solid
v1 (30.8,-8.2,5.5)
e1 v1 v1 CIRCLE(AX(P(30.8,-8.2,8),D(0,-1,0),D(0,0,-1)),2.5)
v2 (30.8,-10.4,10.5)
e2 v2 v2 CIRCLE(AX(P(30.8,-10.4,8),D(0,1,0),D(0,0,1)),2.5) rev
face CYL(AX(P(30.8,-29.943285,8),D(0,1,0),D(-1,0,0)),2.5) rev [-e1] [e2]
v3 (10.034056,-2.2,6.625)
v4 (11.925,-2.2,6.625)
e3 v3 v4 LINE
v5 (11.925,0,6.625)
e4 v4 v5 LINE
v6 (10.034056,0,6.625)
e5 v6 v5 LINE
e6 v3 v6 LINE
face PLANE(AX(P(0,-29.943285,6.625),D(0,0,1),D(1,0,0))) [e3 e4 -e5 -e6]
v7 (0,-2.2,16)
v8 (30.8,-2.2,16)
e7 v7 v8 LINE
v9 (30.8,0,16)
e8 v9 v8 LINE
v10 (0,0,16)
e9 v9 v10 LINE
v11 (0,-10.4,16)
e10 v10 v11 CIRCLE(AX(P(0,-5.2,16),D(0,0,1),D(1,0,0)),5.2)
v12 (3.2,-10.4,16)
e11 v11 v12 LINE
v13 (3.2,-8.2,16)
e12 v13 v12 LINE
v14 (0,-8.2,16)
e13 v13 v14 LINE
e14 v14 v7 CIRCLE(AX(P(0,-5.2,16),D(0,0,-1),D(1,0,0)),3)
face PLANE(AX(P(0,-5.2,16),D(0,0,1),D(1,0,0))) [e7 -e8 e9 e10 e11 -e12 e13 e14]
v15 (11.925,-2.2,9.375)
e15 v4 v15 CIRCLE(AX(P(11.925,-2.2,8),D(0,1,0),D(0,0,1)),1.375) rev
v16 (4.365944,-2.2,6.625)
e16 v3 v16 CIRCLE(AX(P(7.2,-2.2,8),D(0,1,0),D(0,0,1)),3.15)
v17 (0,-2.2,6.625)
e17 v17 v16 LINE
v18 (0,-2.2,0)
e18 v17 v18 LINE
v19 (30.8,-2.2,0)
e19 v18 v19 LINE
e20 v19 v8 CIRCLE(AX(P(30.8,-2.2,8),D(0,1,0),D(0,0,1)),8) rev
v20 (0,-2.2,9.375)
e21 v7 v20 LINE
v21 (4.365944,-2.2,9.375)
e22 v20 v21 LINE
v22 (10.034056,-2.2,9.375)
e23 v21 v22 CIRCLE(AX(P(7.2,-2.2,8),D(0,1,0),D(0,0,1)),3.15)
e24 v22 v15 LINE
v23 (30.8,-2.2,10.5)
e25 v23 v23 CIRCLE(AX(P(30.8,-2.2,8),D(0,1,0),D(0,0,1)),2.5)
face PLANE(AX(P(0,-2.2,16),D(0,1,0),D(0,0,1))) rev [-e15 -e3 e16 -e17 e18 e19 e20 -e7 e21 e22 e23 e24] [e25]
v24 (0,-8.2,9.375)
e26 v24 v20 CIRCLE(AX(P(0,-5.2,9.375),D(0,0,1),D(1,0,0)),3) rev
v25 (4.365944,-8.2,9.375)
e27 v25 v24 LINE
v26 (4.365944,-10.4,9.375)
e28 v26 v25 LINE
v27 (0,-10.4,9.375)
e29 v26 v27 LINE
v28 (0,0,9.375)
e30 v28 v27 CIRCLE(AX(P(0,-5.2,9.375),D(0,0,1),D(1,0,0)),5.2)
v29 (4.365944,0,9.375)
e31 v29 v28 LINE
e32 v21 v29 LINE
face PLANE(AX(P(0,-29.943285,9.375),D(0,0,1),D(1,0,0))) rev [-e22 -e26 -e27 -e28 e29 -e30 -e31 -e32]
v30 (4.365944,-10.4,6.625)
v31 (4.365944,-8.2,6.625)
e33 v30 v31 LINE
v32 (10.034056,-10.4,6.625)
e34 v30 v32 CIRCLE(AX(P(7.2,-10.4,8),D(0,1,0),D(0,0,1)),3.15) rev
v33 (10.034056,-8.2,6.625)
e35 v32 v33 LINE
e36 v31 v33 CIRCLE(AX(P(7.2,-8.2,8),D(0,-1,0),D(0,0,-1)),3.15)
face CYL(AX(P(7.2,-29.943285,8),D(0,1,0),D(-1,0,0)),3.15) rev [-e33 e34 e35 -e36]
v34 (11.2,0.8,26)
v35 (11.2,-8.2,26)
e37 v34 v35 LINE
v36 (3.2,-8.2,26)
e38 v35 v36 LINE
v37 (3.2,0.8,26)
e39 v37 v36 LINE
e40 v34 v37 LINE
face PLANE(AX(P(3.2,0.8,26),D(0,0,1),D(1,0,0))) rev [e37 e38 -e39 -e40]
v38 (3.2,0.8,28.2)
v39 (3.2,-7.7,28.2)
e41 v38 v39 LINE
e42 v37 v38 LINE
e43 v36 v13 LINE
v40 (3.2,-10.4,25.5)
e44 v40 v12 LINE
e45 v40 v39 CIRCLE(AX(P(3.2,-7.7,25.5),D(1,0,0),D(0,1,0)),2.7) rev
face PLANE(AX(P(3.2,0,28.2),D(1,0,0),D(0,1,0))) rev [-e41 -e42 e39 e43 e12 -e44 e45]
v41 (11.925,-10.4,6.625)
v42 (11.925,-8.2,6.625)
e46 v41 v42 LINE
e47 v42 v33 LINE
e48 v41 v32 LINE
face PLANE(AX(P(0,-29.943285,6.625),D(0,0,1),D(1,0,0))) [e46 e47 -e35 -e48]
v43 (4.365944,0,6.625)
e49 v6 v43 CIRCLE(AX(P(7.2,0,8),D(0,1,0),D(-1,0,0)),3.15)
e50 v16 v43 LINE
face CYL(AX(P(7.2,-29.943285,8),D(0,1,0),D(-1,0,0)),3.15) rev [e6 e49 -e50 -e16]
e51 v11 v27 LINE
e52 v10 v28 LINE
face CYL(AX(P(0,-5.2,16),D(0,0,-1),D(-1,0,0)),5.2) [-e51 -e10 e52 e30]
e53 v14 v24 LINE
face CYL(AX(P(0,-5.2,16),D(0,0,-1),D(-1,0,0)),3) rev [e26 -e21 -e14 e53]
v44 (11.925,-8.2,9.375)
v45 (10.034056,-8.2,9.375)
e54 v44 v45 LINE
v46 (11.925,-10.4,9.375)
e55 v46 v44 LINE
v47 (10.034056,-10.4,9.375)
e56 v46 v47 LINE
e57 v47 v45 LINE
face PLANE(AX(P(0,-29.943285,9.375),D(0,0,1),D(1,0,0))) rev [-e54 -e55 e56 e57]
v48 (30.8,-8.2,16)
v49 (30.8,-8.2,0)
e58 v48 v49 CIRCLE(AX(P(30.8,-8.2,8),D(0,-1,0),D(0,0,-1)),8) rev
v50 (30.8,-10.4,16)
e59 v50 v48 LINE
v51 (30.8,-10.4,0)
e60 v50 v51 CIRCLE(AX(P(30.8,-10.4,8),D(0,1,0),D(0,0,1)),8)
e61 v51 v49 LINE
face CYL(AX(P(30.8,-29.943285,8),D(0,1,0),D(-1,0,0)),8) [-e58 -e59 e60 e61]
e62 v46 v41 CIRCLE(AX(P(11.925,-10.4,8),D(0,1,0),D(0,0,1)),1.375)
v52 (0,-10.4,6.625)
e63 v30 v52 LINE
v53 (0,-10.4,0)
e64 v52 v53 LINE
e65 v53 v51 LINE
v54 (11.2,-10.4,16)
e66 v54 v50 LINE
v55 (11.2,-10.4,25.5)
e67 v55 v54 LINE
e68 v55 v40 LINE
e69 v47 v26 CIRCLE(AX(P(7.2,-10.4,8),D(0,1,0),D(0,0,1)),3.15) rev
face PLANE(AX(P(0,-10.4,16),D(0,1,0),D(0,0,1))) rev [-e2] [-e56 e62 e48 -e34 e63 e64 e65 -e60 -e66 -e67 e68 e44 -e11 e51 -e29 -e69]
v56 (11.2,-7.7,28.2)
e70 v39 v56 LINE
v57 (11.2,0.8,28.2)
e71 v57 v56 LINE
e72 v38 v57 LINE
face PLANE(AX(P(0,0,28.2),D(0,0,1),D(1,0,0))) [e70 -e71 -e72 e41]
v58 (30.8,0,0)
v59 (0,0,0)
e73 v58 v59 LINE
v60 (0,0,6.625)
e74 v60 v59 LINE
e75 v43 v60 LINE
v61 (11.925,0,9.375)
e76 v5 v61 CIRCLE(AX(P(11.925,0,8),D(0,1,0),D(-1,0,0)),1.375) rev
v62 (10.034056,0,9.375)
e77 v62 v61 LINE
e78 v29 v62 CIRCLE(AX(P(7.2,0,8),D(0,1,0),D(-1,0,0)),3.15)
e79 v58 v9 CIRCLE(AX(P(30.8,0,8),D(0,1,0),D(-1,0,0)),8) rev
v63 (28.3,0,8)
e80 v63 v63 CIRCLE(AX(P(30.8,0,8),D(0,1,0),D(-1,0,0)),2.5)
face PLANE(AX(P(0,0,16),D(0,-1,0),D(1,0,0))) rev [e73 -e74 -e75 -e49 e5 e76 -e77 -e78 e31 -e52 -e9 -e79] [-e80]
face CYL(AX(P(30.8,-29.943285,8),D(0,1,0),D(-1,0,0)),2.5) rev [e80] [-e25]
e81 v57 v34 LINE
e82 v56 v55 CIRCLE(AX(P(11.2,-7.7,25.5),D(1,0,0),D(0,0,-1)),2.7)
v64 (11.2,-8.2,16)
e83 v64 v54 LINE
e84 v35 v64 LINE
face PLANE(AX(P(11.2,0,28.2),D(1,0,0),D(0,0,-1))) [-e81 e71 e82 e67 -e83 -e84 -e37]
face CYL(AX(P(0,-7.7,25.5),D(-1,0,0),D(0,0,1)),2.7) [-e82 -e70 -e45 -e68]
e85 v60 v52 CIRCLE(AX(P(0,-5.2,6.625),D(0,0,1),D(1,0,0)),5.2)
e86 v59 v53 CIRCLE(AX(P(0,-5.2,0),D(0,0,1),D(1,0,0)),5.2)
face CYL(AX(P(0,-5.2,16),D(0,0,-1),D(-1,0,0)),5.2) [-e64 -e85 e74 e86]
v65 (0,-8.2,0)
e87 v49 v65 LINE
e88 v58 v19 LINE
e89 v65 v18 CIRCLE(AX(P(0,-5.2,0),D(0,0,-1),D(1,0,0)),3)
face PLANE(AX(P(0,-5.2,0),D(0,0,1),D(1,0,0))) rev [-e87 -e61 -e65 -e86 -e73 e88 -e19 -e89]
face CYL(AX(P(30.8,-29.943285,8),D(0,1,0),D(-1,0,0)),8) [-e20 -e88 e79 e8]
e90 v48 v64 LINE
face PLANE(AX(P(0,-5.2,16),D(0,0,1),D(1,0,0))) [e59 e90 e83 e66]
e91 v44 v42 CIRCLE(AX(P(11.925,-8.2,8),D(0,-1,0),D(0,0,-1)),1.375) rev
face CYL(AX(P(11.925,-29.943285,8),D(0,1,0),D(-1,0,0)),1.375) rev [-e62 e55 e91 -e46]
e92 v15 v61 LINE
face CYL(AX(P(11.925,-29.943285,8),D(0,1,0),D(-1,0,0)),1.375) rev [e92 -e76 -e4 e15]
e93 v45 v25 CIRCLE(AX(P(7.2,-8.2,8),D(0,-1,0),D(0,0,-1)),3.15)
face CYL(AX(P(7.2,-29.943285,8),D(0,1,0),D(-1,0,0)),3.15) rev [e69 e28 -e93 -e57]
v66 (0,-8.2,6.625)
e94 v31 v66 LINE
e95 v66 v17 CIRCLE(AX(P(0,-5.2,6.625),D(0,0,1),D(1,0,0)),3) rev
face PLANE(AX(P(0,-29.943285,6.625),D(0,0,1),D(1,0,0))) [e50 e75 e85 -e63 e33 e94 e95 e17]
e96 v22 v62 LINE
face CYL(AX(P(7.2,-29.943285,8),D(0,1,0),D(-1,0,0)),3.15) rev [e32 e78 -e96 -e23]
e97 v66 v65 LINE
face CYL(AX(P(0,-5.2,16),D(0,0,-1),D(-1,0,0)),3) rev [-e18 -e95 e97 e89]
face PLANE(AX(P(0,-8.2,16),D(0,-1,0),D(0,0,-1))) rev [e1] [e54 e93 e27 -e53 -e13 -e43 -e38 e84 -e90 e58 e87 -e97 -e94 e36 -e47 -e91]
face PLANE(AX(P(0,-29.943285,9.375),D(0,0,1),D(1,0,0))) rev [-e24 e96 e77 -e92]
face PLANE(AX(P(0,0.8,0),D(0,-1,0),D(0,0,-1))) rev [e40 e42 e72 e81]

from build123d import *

# Parameters (mm, degrees)
SALIENTE_EXTRUIR1_DEPTH = 16
CORTAR_EXTRUIR1_REACH   = 45.239
CROQUIS2_W              = 5.2
CROQUIS2_H              = 2.75
CROQUIS2_R              = 2.5
CROQUIS5_W              = 4
CROQUIS5_H              = 2.2
SALIENTE_EXTRUIR4_DEPTH = 12.2
CROQUIS6_W              = 8
CROQUIS6_H              = 2.2
SALIENTE_EXTRUIR5_DEPTH = 9
REDONDEO2_R             = 2.7


with BuildPart() as part:
    # Croquis1 → Saliente-Extruir1 (new body)
    with BuildSketch(Plane.XY):
        with BuildLine():
            Line((0, -8.2), (38.8, -8.2))
            Line((38.8, -8.2), (38.8, -10.4))
            Line((38.8, -10.4), (0, -10.4))
            ThreePointArc((0, -10.4), (-5.2, -5.2), (0, 0))
            Line((0, 0), (38.8, 0))
            Line((38.8, 0), (38.8, -2.2))
            Line((38.8, -2.2), (0, -2.2))
            ThreePointArc((0, -2.2), (-3, -5.2), (0, -8.2))
        make_face()
    extrude(amount=SALIENTE_EXTRUIR1_DEPTH)

    # Cortar-Extruir1: up to this face of the body (flat: up to its plane)
    cortar_extruir1_end = Plane(part.part.faces().sort_by_distance((19.4, -10.4, 8))[0])
    # Croquis2 → Cortar-Extruir1 (cut, up to the picked face)
    with BuildSketch(Plane(origin=(0, 0, 0), x_dir=(1, 0, 0), z_dir=(0, 1, 0)), mode=Mode.PRIVATE) as cortar_extruir1_sk1:
        with Locations((-2.6, -8)):
            Rectangle(CROQUIS2_W, CROQUIS2_H)
    cortar_extruir1_tool1 = split(extrude(cortar_extruir1_sk1.sketch, amount=-CORTAR_EXTRUIR1_REACH, mode=Mode.PRIVATE), bisect_by=cortar_extruir1_end, keep=Keep.BOTH, mode=Mode.PRIVATE)
    # Croquis2 → Cortar-Extruir1 (cut, up to the picked face)
    with BuildSketch(Plane(origin=(0, 0, 0), x_dir=(1, 0, 0), z_dir=(0, 1, 0)), mode=Mode.PRIVATE) as cortar_extruir1_sk2:
        with BuildLine():
            Line((4.36594372, -6.625), (0, -6.625))
            Line((0, -6.625), (0, -9.375))
            Line((0, -9.375), (4.36594372, -9.375))
            ThreePointArc((4.36594372, -9.375), (4.05, -8), (4.36594372, -6.625))
        make_face()
    cortar_extruir1_tool2 = split(extrude(cortar_extruir1_sk2.sketch, amount=-CORTAR_EXTRUIR1_REACH, mode=Mode.PRIVATE), bisect_by=cortar_extruir1_end, keep=Keep.BOTH, mode=Mode.PRIVATE)
    # Croquis2 → Cortar-Extruir1 (cut, up to the picked face)
    with BuildSketch(Plane(origin=(0, 0, 0), x_dir=(1, 0, 0), z_dir=(0, 1, 0)), mode=Mode.PRIVATE) as cortar_extruir1_sk3:
        with BuildLine():
            ThreePointArc((10.03405628, -6.625), (7.2, -4.85), (4.36594372, -6.625))
            Line((4.36594372, -6.625), (10.03405628, -6.625))
        make_face()
    cortar_extruir1_tool3 = split(extrude(cortar_extruir1_sk3.sketch, amount=-CORTAR_EXTRUIR1_REACH, mode=Mode.PRIVATE), bisect_by=cortar_extruir1_end, keep=Keep.BOTH, mode=Mode.PRIVATE)
    # Croquis2 → Cortar-Extruir1 (cut, up to the picked face)
    with BuildSketch(Plane(origin=(0, 0, 0), x_dir=(1, 0, 0), z_dir=(0, 1, 0)), mode=Mode.PRIVATE) as cortar_extruir1_sk4:
        with BuildLine():
            Line((10.03405628, -6.625), (4.36594372, -6.625))
            ThreePointArc((4.36594372, -6.625), (4.05, -8), (4.36594372, -9.375))
            Line((4.36594372, -9.375), (10.03405628, -9.375))
            ThreePointArc((10.03405628, -9.375), (10.26999815, -8.705415735), (10.35, -8))
            ThreePointArc((10.35, -8), (10.26999815, -7.294584265), (10.03405628, -6.625))
        make_face()
    cortar_extruir1_tool4 = split(extrude(cortar_extruir1_sk4.sketch, amount=-CORTAR_EXTRUIR1_REACH, mode=Mode.PRIVATE), bisect_by=cortar_extruir1_end, keep=Keep.BOTH, mode=Mode.PRIVATE)
    # Croquis2 → Cortar-Extruir1 (cut, up to the picked face)
    with BuildSketch(Plane(origin=(0, 0, 0), x_dir=(1, 0, 0), z_dir=(0, 1, 0)), mode=Mode.PRIVATE) as cortar_extruir1_sk5:
        with BuildLine():
            Line((10.03405628, -9.375), (4.36594372, -9.375))
            ThreePointArc((4.36594372, -9.375), (7.2, -11.15), (10.03405628, -9.375))
        make_face()
    cortar_extruir1_tool5 = split(extrude(cortar_extruir1_sk5.sketch, amount=-CORTAR_EXTRUIR1_REACH, mode=Mode.PRIVATE), bisect_by=cortar_extruir1_end, keep=Keep.BOTH, mode=Mode.PRIVATE)
    # Croquis2 → Cortar-Extruir1 (cut, up to the picked face)
    with BuildSketch(Plane(origin=(0, 0, 0), x_dir=(1, 0, 0), z_dir=(0, 1, 0)), mode=Mode.PRIVATE) as cortar_extruir1_sk6:
        with BuildLine():
            Line((11.925, -6.625), (10.03405628, -6.625))
            ThreePointArc((10.03405628, -6.625), (10.26999815, -7.294584265), (10.35, -8))
            ThreePointArc((10.35, -8), (10.26999815, -8.705415735), (10.03405628, -9.375))
            Line((10.03405628, -9.375), (11.925, -9.375))
            ThreePointArc((11.925, -9.375), (13.3, -8), (11.925, -6.625))
        make_face()
    cortar_extruir1_tool6 = split(extrude(cortar_extruir1_sk6.sketch, amount=-CORTAR_EXTRUIR1_REACH, mode=Mode.PRIVATE), bisect_by=cortar_extruir1_end, keep=Keep.BOTH, mode=Mode.PRIVATE)
    # Croquis2 → Cortar-Extruir1 (cut, up to the picked face)
    with BuildSketch(Plane(origin=(0, 0, 0), x_dir=(1, 0, 0), z_dir=(0, 1, 0)), mode=Mode.PRIVATE) as cortar_extruir1_sk7:
        with Locations(Location((30.8, -8, 0), (0, 0, 180))):
            Circle(CROQUIS2_R)
    cortar_extruir1_tool7 = split(extrude(cortar_extruir1_sk7.sketch, amount=-CORTAR_EXTRUIR1_REACH, mode=Mode.PRIVATE), bisect_by=cortar_extruir1_end, keep=Keep.BOTH, mode=Mode.PRIVATE)
    # Croquis2 → Cortar-Extruir1 (cut, up to the picked face)
    with BuildSketch(Plane(origin=(0, 0, 0), x_dir=(1, 0, 0), z_dir=(0, 1, 0)), mode=Mode.PRIVATE) as cortar_extruir1_sk8:
        with BuildLine():
            Line((38.8, 0), (30.8, 0))
            ThreePointArc((30.8, 0), (36.456854249, -2.343145751), (38.8, -8))
            Line((38.8, -8), (38.8, 0))
        make_face()
    cortar_extruir1_tool8 = split(extrude(cortar_extruir1_sk8.sketch, amount=-CORTAR_EXTRUIR1_REACH, mode=Mode.PRIVATE), bisect_by=cortar_extruir1_end, keep=Keep.BOTH, mode=Mode.PRIVATE)
    # Croquis2 → Cortar-Extruir1 (cut, up to the picked face)
    with BuildSketch(Plane(origin=(0, 0, 0), x_dir=(1, 0, 0), z_dir=(0, 1, 0)), mode=Mode.PRIVATE) as cortar_extruir1_sk9:
        with BuildLine():
            Line((38.8, -16), (38.8, -8))
            ThreePointArc((38.8, -8), (36.456854249, -13.656854249), (30.8, -16))
            Line((30.8, -16), (38.8, -16))
        make_face()
    cortar_extruir1_tool9 = split(extrude(cortar_extruir1_sk9.sketch, amount=-CORTAR_EXTRUIR1_REACH, mode=Mode.PRIVATE), bisect_by=cortar_extruir1_end, keep=Keep.BOTH, mode=Mode.PRIVATE)
    add(cortar_extruir1_tool1.solids().sort_by(Axis((-2.6, 0, 8), (0, -1, 0)))[0], mode=Mode.SUBTRACT)
    add(cortar_extruir1_tool2.solids().sort_by(Axis((2.077605, 0, 8), (0, -1, 0)))[0], mode=Mode.SUBTRACT)
    add(cortar_extruir1_tool3.solids().sort_by(Axis((7.2, 0, 5.894461), (0, -1, 0)))[0], mode=Mode.SUBTRACT)
    add(cortar_extruir1_tool4.solids().sort_by(Axis((7.2, 0, 8), (0, -1, 0)))[0], mode=Mode.SUBTRACT)
    add(cortar_extruir1_tool5.solids().sort_by(Axis((7.2, 0, 10.105539), (0, -1, 0)))[0], mode=Mode.SUBTRACT)
    add(cortar_extruir1_tool6.solids().sort_by(Axis((11.641399, 0, 8), (0, -1, 0)))[0], mode=Mode.SUBTRACT)
    add(cortar_extruir1_tool7.solids().sort_by(Axis((30.8, 0, 8), (0, -1, 0)))[0], mode=Mode.SUBTRACT)
    add(cortar_extruir1_tool8.solids().sort_by(Axis((37.013056, 0, 1.786944), (0, -1, 0)))[0], mode=Mode.SUBTRACT)
    add(cortar_extruir1_tool9.solids().sort_by(Axis((37.013056, 0, 14.213056), (0, -1, 0)))[0], mode=Mode.SUBTRACT)

    # Croquis5 → Saliente-Extruir4 (add)
    with BuildSketch(Plane.XY.offset(16)):
        with Locations((5.2, -9.3)):
            Rectangle(CROQUIS5_W, CROQUIS5_H)
        with Locations((9.2, -9.3)):
            Rectangle(CROQUIS5_W, CROQUIS5_H)
    extrude(amount=SALIENTE_EXTRUIR4_DEPTH)

    # Croquis6 → Saliente-Extruir5 (add)
    with BuildSketch(Plane(origin=(0, -8.2, 0), x_dir=(1, 0, 0), z_dir=(0, 1, 0))):
        with Locations((7.2, -27.1)):
            Rectangle(CROQUIS6_W, CROQUIS6_H)
    extrude(amount=SALIENTE_EXTRUIR5_DEPTH)

    # Redondeo2
    redondeo2_edges = [part.edges().sort_by_distance(p)[0] for p in [
        (7.2, -10.4, 28.2),
    ]]
    fillet(redondeo2_edges, radius=REDONDEO2_R)


solid = part.part
